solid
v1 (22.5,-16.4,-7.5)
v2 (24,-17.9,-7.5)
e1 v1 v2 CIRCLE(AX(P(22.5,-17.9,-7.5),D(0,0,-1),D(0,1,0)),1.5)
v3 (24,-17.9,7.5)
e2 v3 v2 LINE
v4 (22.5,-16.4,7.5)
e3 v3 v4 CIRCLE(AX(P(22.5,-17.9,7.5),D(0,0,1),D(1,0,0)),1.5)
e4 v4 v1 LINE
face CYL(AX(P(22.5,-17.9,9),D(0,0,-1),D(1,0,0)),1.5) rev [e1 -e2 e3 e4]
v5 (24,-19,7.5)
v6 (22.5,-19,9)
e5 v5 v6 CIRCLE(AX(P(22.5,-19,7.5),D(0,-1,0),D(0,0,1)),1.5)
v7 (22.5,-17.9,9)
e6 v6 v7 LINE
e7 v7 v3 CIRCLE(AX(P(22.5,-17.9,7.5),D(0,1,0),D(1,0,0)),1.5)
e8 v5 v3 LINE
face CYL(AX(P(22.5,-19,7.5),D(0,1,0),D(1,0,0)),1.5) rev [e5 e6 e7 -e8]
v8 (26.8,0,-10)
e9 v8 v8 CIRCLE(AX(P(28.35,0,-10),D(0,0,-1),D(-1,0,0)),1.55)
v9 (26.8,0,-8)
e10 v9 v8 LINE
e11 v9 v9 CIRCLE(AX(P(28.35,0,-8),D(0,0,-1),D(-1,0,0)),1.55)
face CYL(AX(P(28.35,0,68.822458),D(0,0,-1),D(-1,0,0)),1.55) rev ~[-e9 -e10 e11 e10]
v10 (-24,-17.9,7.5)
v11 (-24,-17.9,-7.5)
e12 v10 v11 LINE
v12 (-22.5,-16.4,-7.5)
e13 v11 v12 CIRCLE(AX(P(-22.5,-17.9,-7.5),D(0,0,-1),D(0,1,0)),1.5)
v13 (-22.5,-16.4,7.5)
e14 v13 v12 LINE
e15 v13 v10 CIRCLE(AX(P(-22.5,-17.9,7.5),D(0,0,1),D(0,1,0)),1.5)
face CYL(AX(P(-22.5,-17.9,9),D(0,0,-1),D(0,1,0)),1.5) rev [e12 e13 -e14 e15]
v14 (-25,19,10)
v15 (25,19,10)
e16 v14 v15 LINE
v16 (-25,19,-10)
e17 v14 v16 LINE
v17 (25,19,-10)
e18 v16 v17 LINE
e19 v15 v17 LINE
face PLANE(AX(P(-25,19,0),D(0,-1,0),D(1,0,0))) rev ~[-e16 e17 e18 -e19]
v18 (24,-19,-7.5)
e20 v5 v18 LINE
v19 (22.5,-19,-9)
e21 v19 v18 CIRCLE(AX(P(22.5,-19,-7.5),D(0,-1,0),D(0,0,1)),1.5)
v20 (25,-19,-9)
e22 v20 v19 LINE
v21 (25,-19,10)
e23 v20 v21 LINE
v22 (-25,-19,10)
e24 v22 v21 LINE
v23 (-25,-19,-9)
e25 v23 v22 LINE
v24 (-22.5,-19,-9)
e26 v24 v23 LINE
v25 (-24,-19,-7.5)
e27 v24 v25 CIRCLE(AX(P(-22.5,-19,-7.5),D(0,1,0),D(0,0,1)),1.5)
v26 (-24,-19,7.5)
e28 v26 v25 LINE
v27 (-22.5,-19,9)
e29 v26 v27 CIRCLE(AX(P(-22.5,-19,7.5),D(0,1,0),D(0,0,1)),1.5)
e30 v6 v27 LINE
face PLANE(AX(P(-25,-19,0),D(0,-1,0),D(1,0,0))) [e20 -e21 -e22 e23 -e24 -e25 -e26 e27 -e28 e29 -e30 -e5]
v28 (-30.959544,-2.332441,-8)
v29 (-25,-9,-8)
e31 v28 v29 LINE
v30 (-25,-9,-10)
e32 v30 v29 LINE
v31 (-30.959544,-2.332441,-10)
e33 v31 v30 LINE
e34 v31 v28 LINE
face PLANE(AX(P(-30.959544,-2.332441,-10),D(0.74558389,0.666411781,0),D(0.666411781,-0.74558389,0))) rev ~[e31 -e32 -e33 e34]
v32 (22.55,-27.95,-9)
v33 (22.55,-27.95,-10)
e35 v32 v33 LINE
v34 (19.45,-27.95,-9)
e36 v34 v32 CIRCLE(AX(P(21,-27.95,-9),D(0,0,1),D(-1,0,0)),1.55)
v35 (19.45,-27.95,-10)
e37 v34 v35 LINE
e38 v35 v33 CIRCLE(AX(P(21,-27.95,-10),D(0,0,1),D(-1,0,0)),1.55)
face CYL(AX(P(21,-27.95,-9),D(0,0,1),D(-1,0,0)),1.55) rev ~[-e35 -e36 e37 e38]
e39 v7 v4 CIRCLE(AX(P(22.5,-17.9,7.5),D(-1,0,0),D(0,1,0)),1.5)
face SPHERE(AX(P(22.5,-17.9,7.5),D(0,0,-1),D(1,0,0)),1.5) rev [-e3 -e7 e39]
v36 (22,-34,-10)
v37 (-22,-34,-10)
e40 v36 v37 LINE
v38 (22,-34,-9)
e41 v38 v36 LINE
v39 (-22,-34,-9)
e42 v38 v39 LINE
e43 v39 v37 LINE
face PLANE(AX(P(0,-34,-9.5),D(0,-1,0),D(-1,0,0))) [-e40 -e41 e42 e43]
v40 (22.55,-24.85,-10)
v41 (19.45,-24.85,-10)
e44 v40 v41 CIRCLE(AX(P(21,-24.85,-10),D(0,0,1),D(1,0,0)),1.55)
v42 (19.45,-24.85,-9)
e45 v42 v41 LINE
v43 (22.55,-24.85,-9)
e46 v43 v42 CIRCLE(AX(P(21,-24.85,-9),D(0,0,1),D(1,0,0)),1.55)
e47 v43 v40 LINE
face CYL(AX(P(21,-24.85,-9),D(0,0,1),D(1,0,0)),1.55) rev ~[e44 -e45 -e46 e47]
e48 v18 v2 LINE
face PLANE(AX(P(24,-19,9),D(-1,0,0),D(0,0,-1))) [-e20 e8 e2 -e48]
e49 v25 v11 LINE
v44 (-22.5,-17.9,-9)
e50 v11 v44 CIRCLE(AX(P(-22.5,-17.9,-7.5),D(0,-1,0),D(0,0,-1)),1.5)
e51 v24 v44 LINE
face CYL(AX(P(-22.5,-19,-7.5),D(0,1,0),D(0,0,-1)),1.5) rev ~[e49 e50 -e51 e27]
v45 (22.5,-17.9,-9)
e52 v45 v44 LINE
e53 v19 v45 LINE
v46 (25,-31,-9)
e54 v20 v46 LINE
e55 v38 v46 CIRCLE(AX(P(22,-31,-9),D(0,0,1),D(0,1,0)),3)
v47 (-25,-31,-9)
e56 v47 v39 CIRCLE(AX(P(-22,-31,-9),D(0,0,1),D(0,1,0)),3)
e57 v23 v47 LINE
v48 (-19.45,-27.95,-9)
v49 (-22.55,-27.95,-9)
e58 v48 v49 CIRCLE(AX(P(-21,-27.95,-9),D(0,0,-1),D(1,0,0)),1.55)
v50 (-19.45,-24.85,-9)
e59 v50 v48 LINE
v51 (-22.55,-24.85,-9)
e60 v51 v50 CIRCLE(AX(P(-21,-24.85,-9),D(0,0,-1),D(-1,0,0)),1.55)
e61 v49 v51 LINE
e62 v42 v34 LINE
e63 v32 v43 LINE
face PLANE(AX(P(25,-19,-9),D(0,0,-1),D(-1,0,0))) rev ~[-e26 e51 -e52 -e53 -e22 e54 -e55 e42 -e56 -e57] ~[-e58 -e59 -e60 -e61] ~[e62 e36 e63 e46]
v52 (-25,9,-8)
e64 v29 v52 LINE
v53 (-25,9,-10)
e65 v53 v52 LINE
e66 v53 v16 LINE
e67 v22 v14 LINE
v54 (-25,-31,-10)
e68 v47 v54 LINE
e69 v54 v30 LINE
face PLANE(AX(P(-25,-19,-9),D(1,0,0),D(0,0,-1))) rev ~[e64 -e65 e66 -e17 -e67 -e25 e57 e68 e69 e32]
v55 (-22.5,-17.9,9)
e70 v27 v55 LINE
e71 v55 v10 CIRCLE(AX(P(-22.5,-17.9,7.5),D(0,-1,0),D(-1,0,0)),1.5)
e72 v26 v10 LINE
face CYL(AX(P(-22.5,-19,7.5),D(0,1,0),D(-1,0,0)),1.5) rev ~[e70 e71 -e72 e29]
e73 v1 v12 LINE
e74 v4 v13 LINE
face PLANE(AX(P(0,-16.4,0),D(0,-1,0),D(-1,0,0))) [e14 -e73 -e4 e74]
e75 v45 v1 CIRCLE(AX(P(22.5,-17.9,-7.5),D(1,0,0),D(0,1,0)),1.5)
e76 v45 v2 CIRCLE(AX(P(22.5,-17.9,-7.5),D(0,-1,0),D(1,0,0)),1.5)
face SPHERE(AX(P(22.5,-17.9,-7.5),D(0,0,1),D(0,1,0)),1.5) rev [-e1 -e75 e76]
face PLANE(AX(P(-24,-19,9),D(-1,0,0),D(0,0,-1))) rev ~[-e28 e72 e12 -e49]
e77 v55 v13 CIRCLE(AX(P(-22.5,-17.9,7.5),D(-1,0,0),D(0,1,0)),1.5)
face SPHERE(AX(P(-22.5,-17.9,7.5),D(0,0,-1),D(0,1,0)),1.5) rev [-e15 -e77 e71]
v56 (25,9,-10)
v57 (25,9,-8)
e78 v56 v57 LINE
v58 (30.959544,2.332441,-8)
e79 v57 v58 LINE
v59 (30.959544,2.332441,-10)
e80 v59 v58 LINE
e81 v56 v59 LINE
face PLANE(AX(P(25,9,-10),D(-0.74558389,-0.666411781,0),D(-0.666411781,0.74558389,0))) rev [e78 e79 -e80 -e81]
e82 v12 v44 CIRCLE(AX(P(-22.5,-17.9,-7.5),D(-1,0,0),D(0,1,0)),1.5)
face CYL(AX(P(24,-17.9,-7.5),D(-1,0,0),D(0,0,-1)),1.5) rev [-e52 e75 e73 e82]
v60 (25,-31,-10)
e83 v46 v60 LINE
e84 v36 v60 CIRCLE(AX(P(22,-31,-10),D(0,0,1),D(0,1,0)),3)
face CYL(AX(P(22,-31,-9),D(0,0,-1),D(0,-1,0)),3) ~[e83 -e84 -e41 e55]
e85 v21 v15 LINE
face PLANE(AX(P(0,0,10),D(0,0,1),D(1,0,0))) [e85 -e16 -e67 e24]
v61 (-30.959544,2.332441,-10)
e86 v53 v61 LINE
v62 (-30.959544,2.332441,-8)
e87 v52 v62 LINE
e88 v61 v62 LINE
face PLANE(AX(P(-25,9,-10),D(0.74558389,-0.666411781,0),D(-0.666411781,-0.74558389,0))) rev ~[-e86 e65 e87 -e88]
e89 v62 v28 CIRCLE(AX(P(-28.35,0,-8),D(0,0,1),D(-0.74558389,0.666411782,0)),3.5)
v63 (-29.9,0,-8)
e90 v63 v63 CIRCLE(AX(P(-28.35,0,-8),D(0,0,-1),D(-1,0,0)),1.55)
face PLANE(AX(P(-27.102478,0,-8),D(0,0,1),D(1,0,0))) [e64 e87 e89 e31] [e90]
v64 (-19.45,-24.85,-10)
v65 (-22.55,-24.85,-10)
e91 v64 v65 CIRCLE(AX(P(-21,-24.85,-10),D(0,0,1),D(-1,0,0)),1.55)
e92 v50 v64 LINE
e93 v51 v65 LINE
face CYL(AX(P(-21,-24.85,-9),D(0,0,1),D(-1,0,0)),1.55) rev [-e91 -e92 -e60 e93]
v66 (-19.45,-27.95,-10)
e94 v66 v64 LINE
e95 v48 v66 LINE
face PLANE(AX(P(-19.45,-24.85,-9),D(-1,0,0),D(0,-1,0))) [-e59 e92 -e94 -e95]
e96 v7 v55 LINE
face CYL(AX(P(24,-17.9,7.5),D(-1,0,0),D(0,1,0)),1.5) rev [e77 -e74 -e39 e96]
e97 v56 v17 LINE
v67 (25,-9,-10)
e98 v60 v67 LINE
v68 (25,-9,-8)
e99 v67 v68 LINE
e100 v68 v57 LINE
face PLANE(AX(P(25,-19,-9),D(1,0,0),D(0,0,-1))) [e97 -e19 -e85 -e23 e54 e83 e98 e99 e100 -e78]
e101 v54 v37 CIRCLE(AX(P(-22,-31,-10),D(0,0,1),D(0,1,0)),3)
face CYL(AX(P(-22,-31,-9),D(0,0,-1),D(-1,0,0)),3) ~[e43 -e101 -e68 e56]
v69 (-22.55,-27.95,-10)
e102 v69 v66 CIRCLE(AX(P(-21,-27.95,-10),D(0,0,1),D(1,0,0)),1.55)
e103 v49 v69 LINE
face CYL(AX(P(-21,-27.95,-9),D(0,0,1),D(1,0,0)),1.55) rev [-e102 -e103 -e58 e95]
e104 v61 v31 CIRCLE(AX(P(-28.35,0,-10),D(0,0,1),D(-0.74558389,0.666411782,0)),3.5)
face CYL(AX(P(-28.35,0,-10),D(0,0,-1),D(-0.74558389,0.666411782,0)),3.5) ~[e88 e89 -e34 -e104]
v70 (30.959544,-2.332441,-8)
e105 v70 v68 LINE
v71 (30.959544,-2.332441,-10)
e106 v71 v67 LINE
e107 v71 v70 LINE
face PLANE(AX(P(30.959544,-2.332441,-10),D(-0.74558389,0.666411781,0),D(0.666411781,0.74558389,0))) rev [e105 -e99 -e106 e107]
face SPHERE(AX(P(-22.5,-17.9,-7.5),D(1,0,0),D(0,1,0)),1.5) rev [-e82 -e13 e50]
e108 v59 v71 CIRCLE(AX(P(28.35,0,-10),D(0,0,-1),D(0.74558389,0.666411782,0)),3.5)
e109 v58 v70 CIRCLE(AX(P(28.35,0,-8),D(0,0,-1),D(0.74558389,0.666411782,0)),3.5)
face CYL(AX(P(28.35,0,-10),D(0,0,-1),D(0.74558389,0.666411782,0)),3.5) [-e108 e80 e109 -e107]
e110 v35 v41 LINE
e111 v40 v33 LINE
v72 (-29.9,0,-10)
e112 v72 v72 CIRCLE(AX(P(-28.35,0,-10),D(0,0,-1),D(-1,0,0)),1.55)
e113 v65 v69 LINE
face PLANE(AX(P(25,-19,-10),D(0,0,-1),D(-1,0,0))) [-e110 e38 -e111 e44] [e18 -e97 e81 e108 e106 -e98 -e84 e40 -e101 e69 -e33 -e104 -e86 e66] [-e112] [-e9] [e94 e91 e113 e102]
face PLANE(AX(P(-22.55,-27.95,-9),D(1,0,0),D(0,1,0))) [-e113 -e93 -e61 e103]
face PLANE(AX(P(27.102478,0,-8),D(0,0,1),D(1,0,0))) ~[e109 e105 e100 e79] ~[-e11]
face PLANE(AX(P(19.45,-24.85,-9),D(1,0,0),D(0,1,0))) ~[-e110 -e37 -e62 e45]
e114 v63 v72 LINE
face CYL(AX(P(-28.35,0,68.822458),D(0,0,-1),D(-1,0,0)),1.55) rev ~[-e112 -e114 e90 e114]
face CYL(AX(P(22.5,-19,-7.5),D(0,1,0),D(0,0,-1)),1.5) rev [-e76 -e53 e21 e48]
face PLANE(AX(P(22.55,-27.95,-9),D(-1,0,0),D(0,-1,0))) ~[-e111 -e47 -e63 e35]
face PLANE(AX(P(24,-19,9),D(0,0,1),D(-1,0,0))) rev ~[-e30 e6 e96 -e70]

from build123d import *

# Parameters (mm, degrees)
SKETCH1_W                  = 50
SKETCH1_H                  = 38
MAIN_BODY_DEPTH            = 10
SIDE_MOUNTING_BODY_DEPTH   = 2
F_3_1_3_1_DIAMETER_HOLE1_D = 3.1
SKETCH5_W                  = 48
SKETCH5_H                  = 18
BOTTOM_CUT_DEPTH           = 2.6
SKETCH6_W                  = 50
SKETCH6_H                  = 1
BOTTOM_MOUNTING_TAB_DEPTH  = 15
SLOT_DEPTH                 = 2
FILLET1_R                  = 1.5
FILLET2_R                  = 3


with BuildPart() as part:
    # Sketch1 → MAIN BODY (new body, symmetric)
    with BuildSketch(Plane.XY):
        Rectangle(SKETCH1_W, SKETCH1_H)
    extrude(amount=MAIN_BODY_DEPTH, both=True)

    # Sketch2 → SIDE MOUNTING BODY (add)
    with BuildSketch(Plane(origin=(0, 0, -10), x_dir=(-1, 0, 0), z_dir=(0, 0, -1))):
        with BuildLine():
            Line((30.959543616, -2.332441235), (25, -9))
            Line((25, -9), (25, 9))
            Line((25, 9), (30.959543616, 2.332441235))
            ThreePointArc((30.959543616, 2.332441235), (31.85, 0), (30.959543616, -2.332441235))
        make_face()
    side_mounting_body = extrude(amount=-SIDE_MOUNTING_BODY_DEPTH)

    # Mirror1: SIDE MOUNTING BODY across plane
    add(side_mounting_body.mirror(Plane(origin=(0, 0, 0), x_dir=(0, 0, 1), z_dir=(1, 0, 0))))

    # Ø3.1 (3.1) Diameter Hole1 (through all)
    with Locations(Plane.XY.offset(-8)):
        with Locations((-28.35, 0), (28.35, 0)):
            Hole(F_3_1_3_1_DIAMETER_HOLE1_D / 2)

    # Sketch5 → BOTTOM CUT (cut)
    with BuildSketch(Plane(origin=(0, -19, 0), x_dir=(-1, 0, 0), z_dir=(0, -1, 0))):
        Rectangle(SKETCH5_W, SKETCH5_H)
    extrude(amount=-BOTTOM_CUT_DEPTH, mode=Mode.SUBTRACT)

    # Sketch6 → BOTTOM MOUNTING TAB (add)
    with BuildSketch(Plane(origin=(0, -19, 0), x_dir=(-1, 0, 0), z_dir=(0, -1, 0))):
        with Locations((0, 9.5)):
            Rectangle(SKETCH6_W, SKETCH6_H)
    extrude(amount=BOTTOM_MOUNTING_TAB_DEPTH)

    # Sketch7 → SLOT (cut, through all)
    with BuildSketch(Plane.XY.offset(-9)):
        with BuildLine():
            Line((-19.45, -24.85), (-19.45, -27.95))
            ThreePointArc((-19.45, -27.95), (-21, -29.5), (-22.55, -27.95))
            Line((-22.55, -27.95), (-22.55, -24.85))
            ThreePointArc((-22.55, -24.85), (-21, -23.3), (-19.45, -24.85))
        make_face()
    slot = extrude(amount=-SLOT_DEPTH, mode=Mode.SUBTRACT)

    # Mirror2: SLOT across plane
    add(slot.mirror(Plane(origin=(0, 0, 0), x_dir=(0, 0, 1), z_dir=(1, 0, 0))), mode=Mode.SUBTRACT)

    # Fillet1
    fillet1_edges = [part.edges().sort_by_distance(p)[0] for p in [
        (24, -16.4, 0),
        (24, -17.7, 9),
        (0, -16.4, -9),
        (24, -17.7, -9),
        (-24, -16.4, 0),
        (-24, -17.7, -9),
        (0, -16.4, 9),
        (-24, -17.7, 9),
    ]]
    fillet(fillet1_edges, radius=FILLET1_R)

    # Fillet2
    fillet2_edges = [part.edges().sort_by_distance(p)[0] for p in [
        (25, -34, -9.5),
        (-25, -34, -9.5),
    ]]
    fillet(fillet2_edges, radius=FILLET2_R)


solid = part.part
